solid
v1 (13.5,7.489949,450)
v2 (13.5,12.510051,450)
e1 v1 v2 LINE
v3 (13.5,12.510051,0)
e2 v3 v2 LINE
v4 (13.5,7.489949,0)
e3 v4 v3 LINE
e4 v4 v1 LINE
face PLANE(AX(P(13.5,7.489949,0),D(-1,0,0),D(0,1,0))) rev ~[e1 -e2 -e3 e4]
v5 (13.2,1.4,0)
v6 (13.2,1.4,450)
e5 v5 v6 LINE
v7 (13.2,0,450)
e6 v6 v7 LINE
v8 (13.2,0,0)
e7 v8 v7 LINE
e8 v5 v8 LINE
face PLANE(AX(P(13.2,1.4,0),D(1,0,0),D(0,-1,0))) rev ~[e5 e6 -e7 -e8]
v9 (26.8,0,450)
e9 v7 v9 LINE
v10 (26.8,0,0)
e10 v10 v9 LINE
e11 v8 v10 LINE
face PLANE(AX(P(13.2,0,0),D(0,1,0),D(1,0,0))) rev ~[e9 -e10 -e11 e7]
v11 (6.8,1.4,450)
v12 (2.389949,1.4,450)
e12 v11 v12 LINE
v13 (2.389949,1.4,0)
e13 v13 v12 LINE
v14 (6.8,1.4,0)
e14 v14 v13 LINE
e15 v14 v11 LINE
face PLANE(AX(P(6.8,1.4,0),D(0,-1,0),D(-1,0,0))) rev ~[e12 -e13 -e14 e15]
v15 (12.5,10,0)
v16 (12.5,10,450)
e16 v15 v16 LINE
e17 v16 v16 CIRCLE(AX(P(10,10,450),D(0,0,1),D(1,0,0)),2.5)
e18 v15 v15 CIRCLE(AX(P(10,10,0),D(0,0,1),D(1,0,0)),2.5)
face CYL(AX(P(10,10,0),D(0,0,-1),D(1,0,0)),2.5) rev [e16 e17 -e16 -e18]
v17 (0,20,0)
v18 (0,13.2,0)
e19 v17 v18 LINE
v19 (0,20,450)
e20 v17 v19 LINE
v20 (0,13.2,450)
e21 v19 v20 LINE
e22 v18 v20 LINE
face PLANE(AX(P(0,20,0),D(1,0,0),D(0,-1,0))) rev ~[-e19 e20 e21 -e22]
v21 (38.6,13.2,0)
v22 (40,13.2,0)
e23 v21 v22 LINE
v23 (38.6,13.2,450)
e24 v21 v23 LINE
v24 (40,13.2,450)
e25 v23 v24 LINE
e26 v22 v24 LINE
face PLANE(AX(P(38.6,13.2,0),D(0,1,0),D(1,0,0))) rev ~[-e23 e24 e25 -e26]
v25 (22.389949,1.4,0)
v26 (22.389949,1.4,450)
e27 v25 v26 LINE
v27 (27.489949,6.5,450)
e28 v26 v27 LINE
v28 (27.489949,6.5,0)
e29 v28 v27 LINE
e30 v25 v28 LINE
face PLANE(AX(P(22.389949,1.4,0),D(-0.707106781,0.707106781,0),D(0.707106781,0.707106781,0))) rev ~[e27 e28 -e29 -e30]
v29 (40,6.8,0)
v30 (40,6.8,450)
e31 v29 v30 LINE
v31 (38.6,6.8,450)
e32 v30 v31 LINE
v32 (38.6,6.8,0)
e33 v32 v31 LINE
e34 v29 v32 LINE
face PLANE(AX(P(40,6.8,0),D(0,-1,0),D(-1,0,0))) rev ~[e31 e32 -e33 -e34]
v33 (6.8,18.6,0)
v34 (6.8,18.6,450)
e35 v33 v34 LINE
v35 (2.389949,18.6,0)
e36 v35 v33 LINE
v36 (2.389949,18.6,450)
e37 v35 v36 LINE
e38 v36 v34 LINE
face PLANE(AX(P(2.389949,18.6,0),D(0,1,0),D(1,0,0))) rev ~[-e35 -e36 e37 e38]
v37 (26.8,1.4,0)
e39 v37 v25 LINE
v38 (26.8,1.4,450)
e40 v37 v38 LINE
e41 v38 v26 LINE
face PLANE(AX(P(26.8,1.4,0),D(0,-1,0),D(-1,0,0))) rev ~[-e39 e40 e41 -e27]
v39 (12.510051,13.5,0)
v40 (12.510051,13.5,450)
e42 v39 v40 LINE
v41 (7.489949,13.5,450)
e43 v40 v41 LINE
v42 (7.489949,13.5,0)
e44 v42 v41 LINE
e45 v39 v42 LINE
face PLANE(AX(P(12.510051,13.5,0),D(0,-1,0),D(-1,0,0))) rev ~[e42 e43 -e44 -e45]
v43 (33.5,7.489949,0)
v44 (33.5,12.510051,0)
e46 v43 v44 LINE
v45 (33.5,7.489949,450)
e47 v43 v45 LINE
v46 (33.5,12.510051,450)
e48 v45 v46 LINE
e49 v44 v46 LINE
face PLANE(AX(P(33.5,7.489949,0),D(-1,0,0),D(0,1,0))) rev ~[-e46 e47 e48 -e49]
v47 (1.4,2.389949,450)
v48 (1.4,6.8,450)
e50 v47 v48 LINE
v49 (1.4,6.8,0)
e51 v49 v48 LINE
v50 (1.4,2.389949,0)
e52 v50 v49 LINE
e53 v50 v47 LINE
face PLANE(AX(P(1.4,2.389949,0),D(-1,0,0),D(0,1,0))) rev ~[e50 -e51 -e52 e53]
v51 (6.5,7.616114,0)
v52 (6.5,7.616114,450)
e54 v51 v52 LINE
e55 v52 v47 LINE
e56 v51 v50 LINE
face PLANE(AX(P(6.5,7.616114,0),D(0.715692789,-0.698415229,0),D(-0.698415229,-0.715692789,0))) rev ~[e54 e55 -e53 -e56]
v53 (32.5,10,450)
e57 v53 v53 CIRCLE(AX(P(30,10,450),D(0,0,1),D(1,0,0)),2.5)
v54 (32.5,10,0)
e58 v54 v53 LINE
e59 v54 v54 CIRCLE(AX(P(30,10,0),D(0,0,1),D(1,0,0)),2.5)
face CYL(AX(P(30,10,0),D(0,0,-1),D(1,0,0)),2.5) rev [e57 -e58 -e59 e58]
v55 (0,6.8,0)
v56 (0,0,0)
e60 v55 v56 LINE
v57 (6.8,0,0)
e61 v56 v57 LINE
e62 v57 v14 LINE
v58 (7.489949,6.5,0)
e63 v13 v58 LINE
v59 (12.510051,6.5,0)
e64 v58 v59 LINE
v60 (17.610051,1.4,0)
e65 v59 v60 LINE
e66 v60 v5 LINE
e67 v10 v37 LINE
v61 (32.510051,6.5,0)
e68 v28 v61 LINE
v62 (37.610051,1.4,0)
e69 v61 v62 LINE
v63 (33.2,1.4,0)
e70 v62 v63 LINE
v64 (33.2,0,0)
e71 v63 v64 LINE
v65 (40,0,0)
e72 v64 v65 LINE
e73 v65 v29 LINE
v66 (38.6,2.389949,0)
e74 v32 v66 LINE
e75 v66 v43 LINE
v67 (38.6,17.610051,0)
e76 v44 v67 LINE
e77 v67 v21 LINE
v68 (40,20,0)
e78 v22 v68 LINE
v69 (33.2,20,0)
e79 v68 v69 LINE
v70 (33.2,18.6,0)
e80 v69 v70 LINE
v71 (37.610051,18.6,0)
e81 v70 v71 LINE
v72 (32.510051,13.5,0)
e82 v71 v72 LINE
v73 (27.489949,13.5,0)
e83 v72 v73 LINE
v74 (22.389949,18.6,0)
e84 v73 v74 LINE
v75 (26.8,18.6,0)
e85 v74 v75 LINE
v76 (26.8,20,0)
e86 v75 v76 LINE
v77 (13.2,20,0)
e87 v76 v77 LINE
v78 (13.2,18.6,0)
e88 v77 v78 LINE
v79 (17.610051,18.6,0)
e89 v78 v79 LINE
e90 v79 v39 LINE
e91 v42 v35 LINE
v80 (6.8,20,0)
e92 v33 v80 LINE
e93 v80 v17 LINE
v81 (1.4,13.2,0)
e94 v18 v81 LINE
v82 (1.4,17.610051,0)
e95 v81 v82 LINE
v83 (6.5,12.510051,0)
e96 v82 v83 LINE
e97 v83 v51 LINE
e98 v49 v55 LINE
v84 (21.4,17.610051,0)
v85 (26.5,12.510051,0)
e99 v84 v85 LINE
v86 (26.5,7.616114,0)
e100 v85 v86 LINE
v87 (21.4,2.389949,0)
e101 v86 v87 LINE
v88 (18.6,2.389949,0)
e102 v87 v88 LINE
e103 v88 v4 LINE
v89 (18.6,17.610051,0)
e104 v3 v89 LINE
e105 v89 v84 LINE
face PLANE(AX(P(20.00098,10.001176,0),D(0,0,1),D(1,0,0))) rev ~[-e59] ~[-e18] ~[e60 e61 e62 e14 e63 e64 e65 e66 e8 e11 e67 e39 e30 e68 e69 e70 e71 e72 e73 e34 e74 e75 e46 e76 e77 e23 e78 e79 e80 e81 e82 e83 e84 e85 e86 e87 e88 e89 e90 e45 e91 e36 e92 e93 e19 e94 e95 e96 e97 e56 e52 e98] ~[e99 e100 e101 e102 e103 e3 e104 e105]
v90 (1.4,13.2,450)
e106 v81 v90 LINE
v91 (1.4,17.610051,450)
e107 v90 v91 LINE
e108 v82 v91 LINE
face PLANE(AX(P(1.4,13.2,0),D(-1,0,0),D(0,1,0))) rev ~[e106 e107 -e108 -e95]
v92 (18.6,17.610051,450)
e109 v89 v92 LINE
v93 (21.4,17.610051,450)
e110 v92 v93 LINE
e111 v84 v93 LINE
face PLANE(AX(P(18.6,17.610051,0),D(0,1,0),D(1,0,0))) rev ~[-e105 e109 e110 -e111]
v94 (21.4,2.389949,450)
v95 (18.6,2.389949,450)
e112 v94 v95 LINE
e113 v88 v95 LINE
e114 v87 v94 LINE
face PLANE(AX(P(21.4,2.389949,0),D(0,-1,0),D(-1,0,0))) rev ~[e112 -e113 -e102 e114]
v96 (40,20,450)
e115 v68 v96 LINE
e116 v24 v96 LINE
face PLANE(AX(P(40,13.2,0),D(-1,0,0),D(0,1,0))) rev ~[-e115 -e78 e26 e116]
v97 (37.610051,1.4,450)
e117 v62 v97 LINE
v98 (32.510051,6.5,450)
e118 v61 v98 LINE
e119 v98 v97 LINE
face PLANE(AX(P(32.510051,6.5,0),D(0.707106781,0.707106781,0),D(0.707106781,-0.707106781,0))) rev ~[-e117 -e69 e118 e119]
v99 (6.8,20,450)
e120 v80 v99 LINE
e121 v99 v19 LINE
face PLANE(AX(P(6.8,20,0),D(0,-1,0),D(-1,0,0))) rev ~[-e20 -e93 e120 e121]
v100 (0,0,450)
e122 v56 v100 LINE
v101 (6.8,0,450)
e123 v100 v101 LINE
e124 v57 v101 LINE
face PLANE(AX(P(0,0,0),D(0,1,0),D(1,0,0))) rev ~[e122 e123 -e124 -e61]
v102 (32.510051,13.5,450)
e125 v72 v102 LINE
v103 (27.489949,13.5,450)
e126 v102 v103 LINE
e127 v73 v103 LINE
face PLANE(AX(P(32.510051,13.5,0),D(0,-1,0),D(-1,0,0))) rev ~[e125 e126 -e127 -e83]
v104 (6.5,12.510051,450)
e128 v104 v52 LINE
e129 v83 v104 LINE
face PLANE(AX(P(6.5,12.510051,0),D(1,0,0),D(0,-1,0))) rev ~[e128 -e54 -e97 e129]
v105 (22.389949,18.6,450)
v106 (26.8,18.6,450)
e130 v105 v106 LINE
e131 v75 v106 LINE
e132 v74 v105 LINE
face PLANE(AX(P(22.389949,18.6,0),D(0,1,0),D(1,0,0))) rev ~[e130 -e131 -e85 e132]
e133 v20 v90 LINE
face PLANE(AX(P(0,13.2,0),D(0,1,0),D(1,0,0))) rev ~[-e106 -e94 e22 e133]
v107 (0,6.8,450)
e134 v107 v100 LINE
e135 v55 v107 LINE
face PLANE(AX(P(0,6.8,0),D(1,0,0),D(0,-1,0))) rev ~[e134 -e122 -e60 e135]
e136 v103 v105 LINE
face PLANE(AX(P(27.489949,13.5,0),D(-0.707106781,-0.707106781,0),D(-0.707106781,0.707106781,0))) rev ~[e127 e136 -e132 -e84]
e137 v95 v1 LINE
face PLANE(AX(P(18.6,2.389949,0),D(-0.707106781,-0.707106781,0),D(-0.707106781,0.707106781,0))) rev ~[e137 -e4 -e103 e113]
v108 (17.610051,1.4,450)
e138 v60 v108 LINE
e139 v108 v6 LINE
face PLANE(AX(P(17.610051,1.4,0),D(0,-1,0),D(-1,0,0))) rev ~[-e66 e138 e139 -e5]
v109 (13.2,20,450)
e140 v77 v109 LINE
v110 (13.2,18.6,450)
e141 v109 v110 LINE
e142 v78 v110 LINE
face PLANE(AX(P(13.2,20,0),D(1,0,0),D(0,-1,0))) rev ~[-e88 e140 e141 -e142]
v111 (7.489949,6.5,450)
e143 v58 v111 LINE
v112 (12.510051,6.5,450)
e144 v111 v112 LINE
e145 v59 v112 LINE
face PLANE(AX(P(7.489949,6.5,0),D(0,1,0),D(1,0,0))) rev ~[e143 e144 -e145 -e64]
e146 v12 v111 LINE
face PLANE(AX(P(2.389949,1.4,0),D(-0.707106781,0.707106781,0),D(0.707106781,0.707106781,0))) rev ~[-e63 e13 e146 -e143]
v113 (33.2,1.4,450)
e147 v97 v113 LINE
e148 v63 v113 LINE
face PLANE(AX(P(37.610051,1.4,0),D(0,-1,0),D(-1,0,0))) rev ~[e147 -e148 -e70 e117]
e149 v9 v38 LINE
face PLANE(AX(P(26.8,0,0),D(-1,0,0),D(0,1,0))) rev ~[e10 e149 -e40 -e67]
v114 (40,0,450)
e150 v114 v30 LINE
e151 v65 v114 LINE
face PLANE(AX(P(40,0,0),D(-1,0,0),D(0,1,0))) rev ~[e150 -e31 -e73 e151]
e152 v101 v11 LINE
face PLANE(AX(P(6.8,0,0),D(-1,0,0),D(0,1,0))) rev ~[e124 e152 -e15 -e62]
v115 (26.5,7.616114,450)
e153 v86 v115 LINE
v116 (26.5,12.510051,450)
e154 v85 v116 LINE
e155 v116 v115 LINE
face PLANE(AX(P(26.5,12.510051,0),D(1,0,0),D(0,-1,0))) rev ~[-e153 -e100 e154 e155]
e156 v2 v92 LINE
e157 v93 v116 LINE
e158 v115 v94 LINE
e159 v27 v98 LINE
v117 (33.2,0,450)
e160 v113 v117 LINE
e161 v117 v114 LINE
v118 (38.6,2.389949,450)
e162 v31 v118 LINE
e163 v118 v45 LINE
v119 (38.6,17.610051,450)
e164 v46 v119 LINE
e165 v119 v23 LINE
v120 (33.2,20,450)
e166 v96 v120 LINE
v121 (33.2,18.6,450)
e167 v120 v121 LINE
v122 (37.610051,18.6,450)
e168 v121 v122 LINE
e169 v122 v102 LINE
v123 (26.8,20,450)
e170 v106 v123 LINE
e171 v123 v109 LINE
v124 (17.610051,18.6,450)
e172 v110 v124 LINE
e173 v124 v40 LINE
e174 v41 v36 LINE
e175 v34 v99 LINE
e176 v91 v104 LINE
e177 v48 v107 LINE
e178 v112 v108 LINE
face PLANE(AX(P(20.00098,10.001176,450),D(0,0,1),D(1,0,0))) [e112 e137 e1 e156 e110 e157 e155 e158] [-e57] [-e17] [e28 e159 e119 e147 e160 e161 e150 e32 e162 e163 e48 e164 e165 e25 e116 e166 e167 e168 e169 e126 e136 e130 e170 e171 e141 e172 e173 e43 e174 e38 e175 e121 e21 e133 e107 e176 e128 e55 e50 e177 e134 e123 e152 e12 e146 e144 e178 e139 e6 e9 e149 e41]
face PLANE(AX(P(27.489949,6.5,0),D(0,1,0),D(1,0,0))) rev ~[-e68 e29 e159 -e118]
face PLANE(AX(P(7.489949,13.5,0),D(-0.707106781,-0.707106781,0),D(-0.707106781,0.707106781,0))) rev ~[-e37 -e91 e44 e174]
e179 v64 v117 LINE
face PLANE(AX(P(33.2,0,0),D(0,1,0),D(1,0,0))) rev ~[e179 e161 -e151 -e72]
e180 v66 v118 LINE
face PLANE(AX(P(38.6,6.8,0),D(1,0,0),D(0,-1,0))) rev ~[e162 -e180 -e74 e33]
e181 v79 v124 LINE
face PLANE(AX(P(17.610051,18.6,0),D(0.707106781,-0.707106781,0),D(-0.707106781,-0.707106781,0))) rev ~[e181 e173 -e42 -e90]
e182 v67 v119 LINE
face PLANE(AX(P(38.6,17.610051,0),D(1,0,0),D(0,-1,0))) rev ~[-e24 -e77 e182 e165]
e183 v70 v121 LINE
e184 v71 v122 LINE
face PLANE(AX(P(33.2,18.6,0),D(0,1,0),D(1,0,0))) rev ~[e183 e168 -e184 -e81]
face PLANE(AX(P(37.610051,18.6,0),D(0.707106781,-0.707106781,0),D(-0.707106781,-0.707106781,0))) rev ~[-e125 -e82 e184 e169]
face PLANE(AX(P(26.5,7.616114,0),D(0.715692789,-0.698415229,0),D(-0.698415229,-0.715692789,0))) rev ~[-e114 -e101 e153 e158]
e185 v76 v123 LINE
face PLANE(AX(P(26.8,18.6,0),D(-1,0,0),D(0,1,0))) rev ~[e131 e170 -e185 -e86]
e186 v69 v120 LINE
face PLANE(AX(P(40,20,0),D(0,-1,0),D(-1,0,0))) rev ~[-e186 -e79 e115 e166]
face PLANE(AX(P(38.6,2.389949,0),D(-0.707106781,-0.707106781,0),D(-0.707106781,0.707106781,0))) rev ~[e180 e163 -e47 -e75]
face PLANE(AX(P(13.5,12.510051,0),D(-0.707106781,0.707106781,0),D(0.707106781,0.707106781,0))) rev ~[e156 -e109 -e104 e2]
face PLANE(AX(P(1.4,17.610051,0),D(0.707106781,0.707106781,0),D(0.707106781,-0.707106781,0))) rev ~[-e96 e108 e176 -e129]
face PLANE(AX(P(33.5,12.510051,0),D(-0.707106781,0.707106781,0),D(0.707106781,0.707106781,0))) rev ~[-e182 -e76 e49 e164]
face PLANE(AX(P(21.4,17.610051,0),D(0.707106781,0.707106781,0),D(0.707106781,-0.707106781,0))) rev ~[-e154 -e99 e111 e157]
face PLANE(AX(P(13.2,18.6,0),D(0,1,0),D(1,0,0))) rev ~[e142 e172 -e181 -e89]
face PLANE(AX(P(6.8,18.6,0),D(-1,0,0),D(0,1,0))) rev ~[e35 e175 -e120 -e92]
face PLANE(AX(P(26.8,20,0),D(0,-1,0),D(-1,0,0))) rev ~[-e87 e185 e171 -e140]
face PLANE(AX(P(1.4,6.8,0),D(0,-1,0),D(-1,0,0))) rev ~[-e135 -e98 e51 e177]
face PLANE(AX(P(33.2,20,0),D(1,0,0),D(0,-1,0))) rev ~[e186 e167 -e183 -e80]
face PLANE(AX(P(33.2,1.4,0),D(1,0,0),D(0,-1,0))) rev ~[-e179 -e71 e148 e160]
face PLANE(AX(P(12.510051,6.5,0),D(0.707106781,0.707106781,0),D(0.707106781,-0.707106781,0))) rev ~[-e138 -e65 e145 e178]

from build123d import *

# Parameters (mm, degrees)
F0_R     = 2.5
F1_DEPTH = 450


with BuildPart() as f1:
    # F0 (on Top) → F1 (new body)
    with BuildSketch(Plane.XY):
        Polygon((6.5, 7.616114), (1.4, 2.389949), (1.4, 6.8), (0, 6.8), (0, 0), (6.8, 0), (6.8, 1.4), (2.389949, 1.4), (7.489949, 6.5), (12.510051, 6.5), (17.610051, 1.4), (13.2, 1.4), (13.2, 0), (20, 0), (26.8, 0), (26.8, 1.4), (22.389949, 1.4), (27.489949, 6.5), (32.510051, 6.5), (37.610051, 1.4), (33.2, 1.4), (33.2, 0), (40, 0), (40, 6.8), (38.6, 6.8), (38.6, 2.389949), (33.5, 7.489949), (33.5, 12.510051), (38.6, 17.610051), (38.6, 13.2), (40, 13.2), (40, 20), (33.2, 20), (33.2, 18.6), (37.610051, 18.6), (32.510051, 13.5), (27.489949, 13.5), (22.389949, 18.6), (26.8, 18.6), (26.8, 20), (20, 20), (13.2, 20), (13.2, 18.6), (17.610051, 18.6), (12.510051, 13.5), (7.489949, 13.5), (2.389949, 18.6), (6.8, 18.6), (6.8, 20), (0, 20), (0, 13.2), (1.4, 13.2), (1.4, 17.610051), (6.5, 12.510051), align=None)
        with Locations((10, 10)):
            Circle(F0_R, mode=Mode.SUBTRACT)
        Polygon((13.5, 7.489949), (13.5, 12.510051), (18.6, 17.610051), (21.4, 17.610051), (26.5, 12.510051), (26.5, 7.616114), (21.4, 2.389949), (18.6, 2.389949), align=None, mode=Mode.SUBTRACT)
        with Locations((30, 10)):
            Circle(F0_R, mode=Mode.SUBTRACT)
    extrude(amount=F1_DEPTH)


solid = f1.part
